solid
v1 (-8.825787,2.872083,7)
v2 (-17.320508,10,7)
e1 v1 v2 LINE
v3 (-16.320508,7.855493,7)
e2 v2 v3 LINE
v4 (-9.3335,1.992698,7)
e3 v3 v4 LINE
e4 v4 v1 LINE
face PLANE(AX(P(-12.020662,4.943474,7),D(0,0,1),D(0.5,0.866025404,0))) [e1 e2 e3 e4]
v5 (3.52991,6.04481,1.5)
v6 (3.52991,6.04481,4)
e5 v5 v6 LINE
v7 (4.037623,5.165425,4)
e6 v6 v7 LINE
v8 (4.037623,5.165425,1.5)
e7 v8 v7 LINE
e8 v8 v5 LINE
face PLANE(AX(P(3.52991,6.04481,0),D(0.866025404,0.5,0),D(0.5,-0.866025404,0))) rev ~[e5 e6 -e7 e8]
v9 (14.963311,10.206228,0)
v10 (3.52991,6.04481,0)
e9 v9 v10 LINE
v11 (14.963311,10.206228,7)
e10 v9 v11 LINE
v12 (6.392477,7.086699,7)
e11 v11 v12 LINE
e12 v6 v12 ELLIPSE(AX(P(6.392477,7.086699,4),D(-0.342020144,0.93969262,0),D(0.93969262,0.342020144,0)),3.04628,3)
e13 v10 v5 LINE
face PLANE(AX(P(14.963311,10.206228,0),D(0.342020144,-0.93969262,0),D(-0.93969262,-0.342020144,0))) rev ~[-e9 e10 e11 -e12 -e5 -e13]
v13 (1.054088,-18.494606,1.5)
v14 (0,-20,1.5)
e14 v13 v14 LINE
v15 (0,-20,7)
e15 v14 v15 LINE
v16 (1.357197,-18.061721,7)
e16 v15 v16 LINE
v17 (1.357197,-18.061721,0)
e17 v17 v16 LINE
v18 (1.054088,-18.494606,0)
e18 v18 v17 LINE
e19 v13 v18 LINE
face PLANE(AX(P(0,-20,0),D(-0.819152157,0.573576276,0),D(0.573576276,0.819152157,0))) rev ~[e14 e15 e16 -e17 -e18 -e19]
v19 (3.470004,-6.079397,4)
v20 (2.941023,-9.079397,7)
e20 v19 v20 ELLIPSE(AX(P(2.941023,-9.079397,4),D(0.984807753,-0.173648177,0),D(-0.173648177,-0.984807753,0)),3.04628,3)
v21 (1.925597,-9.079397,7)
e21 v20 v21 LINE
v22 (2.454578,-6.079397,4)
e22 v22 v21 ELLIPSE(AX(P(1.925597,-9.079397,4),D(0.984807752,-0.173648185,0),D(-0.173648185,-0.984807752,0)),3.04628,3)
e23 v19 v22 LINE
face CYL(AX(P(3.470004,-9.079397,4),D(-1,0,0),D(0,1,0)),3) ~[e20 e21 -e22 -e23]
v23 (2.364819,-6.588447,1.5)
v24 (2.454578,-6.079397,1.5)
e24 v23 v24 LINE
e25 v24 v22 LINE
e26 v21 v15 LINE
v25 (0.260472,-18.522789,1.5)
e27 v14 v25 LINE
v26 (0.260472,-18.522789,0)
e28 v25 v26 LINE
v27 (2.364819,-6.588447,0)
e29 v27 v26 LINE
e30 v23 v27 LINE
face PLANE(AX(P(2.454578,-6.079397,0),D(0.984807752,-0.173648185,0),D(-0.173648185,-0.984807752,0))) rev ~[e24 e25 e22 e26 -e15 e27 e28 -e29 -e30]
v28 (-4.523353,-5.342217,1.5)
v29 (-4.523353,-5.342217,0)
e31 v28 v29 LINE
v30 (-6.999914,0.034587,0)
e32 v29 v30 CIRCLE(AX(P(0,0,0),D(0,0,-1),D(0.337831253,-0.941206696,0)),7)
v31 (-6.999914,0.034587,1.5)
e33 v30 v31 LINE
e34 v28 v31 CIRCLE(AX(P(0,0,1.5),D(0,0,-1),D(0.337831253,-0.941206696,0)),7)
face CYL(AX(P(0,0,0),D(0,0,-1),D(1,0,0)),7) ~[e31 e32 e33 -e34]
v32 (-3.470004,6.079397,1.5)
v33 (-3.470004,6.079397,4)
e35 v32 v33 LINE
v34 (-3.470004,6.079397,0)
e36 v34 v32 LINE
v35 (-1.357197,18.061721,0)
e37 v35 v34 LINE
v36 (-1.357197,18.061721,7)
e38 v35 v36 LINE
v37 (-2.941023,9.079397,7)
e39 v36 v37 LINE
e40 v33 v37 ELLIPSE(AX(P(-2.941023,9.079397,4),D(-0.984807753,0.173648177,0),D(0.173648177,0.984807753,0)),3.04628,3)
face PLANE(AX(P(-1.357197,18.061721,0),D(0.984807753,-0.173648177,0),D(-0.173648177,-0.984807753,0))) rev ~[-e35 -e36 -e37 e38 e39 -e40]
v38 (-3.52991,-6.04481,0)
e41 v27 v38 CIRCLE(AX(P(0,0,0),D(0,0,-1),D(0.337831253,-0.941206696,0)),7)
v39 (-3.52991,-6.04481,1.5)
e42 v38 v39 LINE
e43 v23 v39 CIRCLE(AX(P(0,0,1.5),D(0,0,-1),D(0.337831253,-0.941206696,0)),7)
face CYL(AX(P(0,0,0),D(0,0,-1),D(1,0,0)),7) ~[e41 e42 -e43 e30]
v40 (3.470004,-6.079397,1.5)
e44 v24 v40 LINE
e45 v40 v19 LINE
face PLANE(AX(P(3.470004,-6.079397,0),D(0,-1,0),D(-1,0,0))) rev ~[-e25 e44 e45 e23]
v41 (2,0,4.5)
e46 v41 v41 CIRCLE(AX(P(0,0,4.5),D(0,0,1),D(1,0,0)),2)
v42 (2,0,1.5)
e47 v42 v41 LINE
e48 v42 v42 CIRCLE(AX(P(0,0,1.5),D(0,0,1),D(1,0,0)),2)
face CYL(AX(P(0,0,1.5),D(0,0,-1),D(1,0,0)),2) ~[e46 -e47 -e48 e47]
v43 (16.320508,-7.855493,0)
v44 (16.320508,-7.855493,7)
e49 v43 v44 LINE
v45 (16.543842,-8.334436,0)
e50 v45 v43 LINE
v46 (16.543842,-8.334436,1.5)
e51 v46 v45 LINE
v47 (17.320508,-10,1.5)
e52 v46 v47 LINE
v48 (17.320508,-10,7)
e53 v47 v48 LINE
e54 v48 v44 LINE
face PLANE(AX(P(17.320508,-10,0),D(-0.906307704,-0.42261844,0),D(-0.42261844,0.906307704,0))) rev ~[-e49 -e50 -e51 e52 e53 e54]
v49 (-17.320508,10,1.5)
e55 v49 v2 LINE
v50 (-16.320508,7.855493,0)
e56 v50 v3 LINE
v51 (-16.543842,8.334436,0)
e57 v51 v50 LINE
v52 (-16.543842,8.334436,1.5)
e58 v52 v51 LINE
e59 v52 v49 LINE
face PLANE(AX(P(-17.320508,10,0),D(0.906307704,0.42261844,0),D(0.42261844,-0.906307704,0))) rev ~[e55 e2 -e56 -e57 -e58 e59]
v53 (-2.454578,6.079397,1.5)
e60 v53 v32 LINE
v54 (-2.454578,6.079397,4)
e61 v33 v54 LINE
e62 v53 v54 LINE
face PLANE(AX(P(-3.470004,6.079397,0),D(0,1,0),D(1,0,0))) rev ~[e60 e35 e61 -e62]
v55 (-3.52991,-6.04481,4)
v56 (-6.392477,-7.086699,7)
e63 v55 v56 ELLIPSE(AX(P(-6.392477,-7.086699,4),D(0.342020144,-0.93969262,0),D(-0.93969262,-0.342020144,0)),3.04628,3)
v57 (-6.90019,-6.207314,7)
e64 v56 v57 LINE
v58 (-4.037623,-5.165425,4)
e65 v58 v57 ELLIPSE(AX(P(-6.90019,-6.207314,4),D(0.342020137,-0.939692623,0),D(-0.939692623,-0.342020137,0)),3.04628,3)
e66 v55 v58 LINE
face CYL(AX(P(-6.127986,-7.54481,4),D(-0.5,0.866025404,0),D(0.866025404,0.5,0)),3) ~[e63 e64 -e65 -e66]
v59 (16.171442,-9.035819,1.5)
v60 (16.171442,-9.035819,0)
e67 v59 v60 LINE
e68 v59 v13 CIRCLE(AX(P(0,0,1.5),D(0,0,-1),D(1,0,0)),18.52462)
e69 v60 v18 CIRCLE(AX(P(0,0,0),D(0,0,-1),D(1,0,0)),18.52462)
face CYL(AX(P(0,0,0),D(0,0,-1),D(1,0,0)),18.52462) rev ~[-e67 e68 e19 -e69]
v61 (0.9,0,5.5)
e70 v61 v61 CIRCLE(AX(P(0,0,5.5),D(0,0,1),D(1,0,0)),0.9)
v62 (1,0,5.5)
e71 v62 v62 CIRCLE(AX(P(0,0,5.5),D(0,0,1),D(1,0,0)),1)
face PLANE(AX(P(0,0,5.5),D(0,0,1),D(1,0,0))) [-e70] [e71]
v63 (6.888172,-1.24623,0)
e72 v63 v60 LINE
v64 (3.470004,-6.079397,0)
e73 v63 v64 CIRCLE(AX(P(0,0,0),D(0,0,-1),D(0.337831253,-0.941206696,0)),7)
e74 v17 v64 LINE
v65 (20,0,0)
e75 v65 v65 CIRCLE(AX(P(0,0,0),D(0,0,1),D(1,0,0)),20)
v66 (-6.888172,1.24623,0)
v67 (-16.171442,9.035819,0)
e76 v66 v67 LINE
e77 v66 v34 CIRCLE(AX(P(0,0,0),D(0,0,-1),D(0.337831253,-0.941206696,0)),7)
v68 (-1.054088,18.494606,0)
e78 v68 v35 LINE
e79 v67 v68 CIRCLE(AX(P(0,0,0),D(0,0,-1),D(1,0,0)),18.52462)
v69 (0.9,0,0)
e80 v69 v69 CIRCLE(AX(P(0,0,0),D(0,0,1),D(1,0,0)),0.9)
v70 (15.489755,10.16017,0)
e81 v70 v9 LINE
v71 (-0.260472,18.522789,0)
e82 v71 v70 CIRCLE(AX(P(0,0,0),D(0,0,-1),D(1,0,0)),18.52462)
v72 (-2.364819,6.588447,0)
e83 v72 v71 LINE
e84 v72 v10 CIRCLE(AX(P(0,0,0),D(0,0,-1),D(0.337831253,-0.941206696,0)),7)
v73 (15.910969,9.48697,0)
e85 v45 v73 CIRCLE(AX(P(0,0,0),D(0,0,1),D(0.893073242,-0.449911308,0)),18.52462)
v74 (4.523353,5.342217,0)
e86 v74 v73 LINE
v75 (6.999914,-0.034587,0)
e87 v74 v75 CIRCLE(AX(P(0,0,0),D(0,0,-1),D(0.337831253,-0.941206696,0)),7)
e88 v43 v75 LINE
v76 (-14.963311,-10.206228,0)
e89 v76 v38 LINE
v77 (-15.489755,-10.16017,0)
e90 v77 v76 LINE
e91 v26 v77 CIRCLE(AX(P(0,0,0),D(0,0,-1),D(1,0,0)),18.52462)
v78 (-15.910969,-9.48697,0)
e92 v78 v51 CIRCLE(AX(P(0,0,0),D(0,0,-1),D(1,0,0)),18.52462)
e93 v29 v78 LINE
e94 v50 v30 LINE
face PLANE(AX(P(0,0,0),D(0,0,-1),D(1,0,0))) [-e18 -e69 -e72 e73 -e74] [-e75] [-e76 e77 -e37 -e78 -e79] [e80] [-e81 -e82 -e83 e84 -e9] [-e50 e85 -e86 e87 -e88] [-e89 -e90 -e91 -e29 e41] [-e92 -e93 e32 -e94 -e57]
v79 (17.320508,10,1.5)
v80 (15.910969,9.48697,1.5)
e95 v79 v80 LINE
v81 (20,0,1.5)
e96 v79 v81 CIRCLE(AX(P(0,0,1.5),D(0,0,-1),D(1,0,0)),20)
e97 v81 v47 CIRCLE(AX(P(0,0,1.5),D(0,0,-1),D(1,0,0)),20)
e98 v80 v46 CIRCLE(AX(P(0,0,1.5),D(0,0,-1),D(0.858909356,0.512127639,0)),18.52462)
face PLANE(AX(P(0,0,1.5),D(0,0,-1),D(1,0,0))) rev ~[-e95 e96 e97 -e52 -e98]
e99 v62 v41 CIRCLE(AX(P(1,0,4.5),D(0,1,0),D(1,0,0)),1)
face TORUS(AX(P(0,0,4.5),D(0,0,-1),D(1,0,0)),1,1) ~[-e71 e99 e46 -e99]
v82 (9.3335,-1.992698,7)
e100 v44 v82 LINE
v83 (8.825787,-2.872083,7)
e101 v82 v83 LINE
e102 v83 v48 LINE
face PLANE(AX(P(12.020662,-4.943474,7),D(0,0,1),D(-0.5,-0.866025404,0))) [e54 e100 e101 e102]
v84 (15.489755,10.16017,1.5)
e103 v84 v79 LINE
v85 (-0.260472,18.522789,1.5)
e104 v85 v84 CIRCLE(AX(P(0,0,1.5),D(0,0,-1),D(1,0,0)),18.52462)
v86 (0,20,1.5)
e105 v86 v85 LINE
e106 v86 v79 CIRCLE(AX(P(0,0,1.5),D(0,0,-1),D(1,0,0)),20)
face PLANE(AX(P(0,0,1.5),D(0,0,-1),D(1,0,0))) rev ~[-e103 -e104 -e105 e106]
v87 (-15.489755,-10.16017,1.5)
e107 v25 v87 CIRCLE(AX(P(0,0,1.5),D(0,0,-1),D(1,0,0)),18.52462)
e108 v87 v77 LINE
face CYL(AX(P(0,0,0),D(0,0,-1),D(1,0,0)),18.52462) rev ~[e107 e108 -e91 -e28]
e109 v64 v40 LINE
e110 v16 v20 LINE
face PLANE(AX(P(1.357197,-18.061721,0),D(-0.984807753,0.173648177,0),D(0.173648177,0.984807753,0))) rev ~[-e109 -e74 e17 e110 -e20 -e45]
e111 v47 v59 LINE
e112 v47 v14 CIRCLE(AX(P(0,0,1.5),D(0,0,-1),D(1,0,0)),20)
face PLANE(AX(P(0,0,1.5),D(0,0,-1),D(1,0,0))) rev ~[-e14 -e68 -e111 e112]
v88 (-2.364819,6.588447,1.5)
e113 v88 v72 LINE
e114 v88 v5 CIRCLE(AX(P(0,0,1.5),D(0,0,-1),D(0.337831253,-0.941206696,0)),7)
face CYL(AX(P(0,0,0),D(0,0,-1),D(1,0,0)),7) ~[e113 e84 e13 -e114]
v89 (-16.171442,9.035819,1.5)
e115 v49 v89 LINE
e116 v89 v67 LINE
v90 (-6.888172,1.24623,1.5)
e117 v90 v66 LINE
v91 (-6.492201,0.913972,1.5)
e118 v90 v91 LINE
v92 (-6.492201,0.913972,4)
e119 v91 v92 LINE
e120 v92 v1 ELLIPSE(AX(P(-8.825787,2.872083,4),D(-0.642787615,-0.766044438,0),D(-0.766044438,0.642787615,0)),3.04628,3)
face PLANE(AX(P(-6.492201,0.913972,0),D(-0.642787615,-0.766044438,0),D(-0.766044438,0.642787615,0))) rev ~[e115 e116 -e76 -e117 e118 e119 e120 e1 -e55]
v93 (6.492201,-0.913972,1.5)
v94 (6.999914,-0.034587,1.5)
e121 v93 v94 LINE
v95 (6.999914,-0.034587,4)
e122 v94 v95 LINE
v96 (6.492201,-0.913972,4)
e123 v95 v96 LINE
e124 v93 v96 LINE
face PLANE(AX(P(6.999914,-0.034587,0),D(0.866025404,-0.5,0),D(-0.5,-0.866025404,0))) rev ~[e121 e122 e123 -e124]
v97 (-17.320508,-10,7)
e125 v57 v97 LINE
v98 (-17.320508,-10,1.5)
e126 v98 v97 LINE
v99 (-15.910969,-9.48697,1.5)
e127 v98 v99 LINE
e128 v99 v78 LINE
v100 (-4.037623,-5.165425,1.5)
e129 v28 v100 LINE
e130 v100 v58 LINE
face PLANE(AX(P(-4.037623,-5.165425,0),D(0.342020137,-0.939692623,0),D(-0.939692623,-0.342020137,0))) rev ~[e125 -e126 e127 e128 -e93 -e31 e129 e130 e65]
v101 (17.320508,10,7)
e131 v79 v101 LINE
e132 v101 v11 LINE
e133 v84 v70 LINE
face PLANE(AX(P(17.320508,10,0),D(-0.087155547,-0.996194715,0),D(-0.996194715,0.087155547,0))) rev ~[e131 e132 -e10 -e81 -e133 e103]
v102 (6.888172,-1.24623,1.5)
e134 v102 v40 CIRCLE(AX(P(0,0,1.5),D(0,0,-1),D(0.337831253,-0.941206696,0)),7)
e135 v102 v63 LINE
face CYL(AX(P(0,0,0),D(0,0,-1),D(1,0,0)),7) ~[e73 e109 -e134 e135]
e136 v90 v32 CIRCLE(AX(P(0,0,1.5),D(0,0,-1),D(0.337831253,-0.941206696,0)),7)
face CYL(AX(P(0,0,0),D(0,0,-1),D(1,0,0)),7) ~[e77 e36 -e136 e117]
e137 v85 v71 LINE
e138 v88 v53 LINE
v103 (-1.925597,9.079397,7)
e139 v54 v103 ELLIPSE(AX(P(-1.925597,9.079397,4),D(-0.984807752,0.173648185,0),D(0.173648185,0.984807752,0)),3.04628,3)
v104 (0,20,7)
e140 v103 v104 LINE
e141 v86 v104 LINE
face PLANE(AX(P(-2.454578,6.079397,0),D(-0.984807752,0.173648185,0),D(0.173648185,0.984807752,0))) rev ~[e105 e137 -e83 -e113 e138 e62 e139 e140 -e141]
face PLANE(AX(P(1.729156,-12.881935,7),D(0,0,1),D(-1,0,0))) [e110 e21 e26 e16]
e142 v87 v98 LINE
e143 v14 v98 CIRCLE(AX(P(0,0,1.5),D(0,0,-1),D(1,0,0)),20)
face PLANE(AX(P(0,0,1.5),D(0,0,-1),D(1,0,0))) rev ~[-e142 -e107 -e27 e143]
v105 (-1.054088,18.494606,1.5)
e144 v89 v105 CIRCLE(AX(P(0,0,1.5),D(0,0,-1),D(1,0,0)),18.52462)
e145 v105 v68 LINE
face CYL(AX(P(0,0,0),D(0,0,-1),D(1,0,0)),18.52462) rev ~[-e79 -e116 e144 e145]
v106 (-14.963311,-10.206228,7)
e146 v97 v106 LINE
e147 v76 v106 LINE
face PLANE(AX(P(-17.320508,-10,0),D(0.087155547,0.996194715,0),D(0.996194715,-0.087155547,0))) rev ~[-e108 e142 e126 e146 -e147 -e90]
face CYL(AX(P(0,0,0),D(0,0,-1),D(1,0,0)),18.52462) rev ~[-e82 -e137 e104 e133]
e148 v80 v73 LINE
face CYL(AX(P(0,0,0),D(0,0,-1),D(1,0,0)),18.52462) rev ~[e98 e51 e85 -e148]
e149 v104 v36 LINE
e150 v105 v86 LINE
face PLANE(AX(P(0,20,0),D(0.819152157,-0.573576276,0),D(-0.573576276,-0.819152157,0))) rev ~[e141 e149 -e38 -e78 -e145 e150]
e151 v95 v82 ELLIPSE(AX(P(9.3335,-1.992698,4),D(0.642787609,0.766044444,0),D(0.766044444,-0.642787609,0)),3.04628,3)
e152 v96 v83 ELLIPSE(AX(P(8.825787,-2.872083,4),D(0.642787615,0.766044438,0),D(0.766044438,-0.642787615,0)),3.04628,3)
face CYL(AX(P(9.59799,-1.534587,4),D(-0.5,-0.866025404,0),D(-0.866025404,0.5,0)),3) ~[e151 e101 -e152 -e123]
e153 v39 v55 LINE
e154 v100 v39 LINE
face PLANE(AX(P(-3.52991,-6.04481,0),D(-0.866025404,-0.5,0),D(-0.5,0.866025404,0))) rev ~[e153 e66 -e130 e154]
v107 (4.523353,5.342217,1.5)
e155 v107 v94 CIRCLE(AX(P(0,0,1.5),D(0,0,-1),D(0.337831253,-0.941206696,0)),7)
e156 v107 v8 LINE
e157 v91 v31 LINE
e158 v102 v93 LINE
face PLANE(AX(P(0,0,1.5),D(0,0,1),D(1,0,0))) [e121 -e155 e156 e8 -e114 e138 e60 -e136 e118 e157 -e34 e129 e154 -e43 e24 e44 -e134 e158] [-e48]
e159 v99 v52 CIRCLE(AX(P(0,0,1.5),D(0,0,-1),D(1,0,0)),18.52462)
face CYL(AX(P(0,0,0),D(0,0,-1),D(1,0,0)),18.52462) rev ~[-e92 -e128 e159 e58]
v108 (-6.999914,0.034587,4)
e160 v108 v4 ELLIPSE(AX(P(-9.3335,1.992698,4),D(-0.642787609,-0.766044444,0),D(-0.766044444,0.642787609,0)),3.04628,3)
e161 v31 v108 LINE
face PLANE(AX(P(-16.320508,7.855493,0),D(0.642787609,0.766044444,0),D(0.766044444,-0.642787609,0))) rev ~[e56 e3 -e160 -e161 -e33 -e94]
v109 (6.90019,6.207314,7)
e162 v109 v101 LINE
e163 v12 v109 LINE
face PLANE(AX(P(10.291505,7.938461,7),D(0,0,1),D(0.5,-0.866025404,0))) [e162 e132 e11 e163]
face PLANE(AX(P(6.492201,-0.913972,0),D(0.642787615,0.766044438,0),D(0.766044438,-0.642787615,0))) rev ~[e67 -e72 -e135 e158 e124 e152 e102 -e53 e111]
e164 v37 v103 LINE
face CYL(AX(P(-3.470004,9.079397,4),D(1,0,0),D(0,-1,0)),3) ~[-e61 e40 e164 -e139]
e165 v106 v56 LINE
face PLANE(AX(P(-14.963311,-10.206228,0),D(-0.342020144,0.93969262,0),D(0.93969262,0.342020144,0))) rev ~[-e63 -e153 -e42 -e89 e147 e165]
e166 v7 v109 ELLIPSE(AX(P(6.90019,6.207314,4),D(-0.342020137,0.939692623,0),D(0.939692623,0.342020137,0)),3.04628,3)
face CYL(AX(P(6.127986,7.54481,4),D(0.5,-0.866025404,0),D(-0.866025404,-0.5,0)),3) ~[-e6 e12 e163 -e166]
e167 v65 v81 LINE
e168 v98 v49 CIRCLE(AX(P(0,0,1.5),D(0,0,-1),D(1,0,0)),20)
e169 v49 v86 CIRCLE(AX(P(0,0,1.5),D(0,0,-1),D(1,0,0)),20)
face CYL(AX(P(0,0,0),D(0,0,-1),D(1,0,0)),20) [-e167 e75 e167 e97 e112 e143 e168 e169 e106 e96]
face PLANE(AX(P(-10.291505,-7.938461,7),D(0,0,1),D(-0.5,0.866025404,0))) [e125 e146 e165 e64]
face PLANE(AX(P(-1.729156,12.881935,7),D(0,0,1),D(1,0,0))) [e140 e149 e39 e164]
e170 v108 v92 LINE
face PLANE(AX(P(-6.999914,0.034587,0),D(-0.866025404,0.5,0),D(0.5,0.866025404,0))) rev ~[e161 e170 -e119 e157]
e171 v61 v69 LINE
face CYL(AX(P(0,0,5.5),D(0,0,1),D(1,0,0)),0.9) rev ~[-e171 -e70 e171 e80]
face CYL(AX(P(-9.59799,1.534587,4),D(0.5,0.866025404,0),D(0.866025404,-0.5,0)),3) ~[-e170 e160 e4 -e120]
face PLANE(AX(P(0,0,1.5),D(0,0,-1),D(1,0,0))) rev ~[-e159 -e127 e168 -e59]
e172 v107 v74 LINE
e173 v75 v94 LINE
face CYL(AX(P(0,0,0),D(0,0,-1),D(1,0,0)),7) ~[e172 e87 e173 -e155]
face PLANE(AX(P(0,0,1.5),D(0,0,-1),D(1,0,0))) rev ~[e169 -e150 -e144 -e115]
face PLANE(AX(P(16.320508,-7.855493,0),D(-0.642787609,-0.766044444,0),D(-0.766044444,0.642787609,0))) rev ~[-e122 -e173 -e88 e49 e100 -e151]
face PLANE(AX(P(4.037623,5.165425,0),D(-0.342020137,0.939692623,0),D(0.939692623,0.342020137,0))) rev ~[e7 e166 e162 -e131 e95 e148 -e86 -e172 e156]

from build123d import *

# Parameters (mm, degrees)
SKETCH_R           = 7
PAD_DEPTH          = 1.5
PAD001_DEPTH       = 7
POLARPATTERN_COUNT = 6
SKETCH002_R        = 20
SKETCH002_R_2      = 18.52462
PAD002_DEPTH       = 1.5
SKETCH003_R        = 2
PAD003_DEPTH       = 4
SKETCH004_R        = 0.9
POCKET_DEPTH       = 10
FILLET_R           = 1
FILLET001_R        = 3


with BuildPart() as part:
    # Sketch → Pad (new body)
    with BuildSketch(Plane.XY):
        Circle(SKETCH_R)
    extrude(amount=PAD_DEPTH)

    # Sketch001 → Pad001 (new body)
    with BuildSketch(Plane(origin=(0, 0, 0), x_dir=(1, 0, 0), z_dir=(0, 0, -1))):
        Polygon((2.454578, 6.079397), (0, 20), (1.357197, 18.061721), (3.470004, 6.079397), align=None)
    pad001 = extrude(amount=-PAD001_DEPTH)

    # PolarPattern: Pad001 ×6 about axis
    polarpattern_axis = Axis((0, 0, 0), (0, 0, -1))
    for i in range(1, POLARPATTERN_COUNT):
        add(pad001.rotate(polarpattern_axis, i * 360 / POLARPATTERN_COUNT))

    # Sketch002 → Pad002 (new body)
    with BuildSketch(Plane(origin=(0, 0, 0), x_dir=(1, 0, 0), z_dir=(0, 0, -1))):
        Circle(SKETCH002_R)
        Circle(SKETCH002_R_2, mode=Mode.SUBTRACT)
    extrude(amount=-PAD002_DEPTH)

    # Sketch003 → Pad003 (new body)
    with BuildSketch(Plane.XY.offset(1.5)):
        Circle(SKETCH003_R)
    extrude(amount=PAD003_DEPTH)

    # Sketch004 → Pocket (cut)
    with BuildSketch(Plane.XY.offset(5.5)):
        Circle(SKETCH004_R)
    extrude(amount=-POCKET_DEPTH, mode=Mode.SUBTRACT)

    # Fillet
    fillet_edges = [part.edges().sort_by_distance(p)[0] for p in [
        (-2, 0, 5.5),
    ]]
    fillet(fillet_edges, radius=FILLET_R)

    # Fillet001
    fillet001_edges = [part.edges().sort_by_distance(p)[0] for p in [
        (2.962291, -6.079397, 7),
        (-3.783767, -5.605118, 7),
        (-6.746058, 0.474279, 7),
        (-2.962291, 6.079397, 7),
        (3.783767, 5.605118, 7),
        (6.746058, -0.474279, 7),
    ]]
    fillet(fillet001_edges, radius=FILLET001_R)


solid = part.part
